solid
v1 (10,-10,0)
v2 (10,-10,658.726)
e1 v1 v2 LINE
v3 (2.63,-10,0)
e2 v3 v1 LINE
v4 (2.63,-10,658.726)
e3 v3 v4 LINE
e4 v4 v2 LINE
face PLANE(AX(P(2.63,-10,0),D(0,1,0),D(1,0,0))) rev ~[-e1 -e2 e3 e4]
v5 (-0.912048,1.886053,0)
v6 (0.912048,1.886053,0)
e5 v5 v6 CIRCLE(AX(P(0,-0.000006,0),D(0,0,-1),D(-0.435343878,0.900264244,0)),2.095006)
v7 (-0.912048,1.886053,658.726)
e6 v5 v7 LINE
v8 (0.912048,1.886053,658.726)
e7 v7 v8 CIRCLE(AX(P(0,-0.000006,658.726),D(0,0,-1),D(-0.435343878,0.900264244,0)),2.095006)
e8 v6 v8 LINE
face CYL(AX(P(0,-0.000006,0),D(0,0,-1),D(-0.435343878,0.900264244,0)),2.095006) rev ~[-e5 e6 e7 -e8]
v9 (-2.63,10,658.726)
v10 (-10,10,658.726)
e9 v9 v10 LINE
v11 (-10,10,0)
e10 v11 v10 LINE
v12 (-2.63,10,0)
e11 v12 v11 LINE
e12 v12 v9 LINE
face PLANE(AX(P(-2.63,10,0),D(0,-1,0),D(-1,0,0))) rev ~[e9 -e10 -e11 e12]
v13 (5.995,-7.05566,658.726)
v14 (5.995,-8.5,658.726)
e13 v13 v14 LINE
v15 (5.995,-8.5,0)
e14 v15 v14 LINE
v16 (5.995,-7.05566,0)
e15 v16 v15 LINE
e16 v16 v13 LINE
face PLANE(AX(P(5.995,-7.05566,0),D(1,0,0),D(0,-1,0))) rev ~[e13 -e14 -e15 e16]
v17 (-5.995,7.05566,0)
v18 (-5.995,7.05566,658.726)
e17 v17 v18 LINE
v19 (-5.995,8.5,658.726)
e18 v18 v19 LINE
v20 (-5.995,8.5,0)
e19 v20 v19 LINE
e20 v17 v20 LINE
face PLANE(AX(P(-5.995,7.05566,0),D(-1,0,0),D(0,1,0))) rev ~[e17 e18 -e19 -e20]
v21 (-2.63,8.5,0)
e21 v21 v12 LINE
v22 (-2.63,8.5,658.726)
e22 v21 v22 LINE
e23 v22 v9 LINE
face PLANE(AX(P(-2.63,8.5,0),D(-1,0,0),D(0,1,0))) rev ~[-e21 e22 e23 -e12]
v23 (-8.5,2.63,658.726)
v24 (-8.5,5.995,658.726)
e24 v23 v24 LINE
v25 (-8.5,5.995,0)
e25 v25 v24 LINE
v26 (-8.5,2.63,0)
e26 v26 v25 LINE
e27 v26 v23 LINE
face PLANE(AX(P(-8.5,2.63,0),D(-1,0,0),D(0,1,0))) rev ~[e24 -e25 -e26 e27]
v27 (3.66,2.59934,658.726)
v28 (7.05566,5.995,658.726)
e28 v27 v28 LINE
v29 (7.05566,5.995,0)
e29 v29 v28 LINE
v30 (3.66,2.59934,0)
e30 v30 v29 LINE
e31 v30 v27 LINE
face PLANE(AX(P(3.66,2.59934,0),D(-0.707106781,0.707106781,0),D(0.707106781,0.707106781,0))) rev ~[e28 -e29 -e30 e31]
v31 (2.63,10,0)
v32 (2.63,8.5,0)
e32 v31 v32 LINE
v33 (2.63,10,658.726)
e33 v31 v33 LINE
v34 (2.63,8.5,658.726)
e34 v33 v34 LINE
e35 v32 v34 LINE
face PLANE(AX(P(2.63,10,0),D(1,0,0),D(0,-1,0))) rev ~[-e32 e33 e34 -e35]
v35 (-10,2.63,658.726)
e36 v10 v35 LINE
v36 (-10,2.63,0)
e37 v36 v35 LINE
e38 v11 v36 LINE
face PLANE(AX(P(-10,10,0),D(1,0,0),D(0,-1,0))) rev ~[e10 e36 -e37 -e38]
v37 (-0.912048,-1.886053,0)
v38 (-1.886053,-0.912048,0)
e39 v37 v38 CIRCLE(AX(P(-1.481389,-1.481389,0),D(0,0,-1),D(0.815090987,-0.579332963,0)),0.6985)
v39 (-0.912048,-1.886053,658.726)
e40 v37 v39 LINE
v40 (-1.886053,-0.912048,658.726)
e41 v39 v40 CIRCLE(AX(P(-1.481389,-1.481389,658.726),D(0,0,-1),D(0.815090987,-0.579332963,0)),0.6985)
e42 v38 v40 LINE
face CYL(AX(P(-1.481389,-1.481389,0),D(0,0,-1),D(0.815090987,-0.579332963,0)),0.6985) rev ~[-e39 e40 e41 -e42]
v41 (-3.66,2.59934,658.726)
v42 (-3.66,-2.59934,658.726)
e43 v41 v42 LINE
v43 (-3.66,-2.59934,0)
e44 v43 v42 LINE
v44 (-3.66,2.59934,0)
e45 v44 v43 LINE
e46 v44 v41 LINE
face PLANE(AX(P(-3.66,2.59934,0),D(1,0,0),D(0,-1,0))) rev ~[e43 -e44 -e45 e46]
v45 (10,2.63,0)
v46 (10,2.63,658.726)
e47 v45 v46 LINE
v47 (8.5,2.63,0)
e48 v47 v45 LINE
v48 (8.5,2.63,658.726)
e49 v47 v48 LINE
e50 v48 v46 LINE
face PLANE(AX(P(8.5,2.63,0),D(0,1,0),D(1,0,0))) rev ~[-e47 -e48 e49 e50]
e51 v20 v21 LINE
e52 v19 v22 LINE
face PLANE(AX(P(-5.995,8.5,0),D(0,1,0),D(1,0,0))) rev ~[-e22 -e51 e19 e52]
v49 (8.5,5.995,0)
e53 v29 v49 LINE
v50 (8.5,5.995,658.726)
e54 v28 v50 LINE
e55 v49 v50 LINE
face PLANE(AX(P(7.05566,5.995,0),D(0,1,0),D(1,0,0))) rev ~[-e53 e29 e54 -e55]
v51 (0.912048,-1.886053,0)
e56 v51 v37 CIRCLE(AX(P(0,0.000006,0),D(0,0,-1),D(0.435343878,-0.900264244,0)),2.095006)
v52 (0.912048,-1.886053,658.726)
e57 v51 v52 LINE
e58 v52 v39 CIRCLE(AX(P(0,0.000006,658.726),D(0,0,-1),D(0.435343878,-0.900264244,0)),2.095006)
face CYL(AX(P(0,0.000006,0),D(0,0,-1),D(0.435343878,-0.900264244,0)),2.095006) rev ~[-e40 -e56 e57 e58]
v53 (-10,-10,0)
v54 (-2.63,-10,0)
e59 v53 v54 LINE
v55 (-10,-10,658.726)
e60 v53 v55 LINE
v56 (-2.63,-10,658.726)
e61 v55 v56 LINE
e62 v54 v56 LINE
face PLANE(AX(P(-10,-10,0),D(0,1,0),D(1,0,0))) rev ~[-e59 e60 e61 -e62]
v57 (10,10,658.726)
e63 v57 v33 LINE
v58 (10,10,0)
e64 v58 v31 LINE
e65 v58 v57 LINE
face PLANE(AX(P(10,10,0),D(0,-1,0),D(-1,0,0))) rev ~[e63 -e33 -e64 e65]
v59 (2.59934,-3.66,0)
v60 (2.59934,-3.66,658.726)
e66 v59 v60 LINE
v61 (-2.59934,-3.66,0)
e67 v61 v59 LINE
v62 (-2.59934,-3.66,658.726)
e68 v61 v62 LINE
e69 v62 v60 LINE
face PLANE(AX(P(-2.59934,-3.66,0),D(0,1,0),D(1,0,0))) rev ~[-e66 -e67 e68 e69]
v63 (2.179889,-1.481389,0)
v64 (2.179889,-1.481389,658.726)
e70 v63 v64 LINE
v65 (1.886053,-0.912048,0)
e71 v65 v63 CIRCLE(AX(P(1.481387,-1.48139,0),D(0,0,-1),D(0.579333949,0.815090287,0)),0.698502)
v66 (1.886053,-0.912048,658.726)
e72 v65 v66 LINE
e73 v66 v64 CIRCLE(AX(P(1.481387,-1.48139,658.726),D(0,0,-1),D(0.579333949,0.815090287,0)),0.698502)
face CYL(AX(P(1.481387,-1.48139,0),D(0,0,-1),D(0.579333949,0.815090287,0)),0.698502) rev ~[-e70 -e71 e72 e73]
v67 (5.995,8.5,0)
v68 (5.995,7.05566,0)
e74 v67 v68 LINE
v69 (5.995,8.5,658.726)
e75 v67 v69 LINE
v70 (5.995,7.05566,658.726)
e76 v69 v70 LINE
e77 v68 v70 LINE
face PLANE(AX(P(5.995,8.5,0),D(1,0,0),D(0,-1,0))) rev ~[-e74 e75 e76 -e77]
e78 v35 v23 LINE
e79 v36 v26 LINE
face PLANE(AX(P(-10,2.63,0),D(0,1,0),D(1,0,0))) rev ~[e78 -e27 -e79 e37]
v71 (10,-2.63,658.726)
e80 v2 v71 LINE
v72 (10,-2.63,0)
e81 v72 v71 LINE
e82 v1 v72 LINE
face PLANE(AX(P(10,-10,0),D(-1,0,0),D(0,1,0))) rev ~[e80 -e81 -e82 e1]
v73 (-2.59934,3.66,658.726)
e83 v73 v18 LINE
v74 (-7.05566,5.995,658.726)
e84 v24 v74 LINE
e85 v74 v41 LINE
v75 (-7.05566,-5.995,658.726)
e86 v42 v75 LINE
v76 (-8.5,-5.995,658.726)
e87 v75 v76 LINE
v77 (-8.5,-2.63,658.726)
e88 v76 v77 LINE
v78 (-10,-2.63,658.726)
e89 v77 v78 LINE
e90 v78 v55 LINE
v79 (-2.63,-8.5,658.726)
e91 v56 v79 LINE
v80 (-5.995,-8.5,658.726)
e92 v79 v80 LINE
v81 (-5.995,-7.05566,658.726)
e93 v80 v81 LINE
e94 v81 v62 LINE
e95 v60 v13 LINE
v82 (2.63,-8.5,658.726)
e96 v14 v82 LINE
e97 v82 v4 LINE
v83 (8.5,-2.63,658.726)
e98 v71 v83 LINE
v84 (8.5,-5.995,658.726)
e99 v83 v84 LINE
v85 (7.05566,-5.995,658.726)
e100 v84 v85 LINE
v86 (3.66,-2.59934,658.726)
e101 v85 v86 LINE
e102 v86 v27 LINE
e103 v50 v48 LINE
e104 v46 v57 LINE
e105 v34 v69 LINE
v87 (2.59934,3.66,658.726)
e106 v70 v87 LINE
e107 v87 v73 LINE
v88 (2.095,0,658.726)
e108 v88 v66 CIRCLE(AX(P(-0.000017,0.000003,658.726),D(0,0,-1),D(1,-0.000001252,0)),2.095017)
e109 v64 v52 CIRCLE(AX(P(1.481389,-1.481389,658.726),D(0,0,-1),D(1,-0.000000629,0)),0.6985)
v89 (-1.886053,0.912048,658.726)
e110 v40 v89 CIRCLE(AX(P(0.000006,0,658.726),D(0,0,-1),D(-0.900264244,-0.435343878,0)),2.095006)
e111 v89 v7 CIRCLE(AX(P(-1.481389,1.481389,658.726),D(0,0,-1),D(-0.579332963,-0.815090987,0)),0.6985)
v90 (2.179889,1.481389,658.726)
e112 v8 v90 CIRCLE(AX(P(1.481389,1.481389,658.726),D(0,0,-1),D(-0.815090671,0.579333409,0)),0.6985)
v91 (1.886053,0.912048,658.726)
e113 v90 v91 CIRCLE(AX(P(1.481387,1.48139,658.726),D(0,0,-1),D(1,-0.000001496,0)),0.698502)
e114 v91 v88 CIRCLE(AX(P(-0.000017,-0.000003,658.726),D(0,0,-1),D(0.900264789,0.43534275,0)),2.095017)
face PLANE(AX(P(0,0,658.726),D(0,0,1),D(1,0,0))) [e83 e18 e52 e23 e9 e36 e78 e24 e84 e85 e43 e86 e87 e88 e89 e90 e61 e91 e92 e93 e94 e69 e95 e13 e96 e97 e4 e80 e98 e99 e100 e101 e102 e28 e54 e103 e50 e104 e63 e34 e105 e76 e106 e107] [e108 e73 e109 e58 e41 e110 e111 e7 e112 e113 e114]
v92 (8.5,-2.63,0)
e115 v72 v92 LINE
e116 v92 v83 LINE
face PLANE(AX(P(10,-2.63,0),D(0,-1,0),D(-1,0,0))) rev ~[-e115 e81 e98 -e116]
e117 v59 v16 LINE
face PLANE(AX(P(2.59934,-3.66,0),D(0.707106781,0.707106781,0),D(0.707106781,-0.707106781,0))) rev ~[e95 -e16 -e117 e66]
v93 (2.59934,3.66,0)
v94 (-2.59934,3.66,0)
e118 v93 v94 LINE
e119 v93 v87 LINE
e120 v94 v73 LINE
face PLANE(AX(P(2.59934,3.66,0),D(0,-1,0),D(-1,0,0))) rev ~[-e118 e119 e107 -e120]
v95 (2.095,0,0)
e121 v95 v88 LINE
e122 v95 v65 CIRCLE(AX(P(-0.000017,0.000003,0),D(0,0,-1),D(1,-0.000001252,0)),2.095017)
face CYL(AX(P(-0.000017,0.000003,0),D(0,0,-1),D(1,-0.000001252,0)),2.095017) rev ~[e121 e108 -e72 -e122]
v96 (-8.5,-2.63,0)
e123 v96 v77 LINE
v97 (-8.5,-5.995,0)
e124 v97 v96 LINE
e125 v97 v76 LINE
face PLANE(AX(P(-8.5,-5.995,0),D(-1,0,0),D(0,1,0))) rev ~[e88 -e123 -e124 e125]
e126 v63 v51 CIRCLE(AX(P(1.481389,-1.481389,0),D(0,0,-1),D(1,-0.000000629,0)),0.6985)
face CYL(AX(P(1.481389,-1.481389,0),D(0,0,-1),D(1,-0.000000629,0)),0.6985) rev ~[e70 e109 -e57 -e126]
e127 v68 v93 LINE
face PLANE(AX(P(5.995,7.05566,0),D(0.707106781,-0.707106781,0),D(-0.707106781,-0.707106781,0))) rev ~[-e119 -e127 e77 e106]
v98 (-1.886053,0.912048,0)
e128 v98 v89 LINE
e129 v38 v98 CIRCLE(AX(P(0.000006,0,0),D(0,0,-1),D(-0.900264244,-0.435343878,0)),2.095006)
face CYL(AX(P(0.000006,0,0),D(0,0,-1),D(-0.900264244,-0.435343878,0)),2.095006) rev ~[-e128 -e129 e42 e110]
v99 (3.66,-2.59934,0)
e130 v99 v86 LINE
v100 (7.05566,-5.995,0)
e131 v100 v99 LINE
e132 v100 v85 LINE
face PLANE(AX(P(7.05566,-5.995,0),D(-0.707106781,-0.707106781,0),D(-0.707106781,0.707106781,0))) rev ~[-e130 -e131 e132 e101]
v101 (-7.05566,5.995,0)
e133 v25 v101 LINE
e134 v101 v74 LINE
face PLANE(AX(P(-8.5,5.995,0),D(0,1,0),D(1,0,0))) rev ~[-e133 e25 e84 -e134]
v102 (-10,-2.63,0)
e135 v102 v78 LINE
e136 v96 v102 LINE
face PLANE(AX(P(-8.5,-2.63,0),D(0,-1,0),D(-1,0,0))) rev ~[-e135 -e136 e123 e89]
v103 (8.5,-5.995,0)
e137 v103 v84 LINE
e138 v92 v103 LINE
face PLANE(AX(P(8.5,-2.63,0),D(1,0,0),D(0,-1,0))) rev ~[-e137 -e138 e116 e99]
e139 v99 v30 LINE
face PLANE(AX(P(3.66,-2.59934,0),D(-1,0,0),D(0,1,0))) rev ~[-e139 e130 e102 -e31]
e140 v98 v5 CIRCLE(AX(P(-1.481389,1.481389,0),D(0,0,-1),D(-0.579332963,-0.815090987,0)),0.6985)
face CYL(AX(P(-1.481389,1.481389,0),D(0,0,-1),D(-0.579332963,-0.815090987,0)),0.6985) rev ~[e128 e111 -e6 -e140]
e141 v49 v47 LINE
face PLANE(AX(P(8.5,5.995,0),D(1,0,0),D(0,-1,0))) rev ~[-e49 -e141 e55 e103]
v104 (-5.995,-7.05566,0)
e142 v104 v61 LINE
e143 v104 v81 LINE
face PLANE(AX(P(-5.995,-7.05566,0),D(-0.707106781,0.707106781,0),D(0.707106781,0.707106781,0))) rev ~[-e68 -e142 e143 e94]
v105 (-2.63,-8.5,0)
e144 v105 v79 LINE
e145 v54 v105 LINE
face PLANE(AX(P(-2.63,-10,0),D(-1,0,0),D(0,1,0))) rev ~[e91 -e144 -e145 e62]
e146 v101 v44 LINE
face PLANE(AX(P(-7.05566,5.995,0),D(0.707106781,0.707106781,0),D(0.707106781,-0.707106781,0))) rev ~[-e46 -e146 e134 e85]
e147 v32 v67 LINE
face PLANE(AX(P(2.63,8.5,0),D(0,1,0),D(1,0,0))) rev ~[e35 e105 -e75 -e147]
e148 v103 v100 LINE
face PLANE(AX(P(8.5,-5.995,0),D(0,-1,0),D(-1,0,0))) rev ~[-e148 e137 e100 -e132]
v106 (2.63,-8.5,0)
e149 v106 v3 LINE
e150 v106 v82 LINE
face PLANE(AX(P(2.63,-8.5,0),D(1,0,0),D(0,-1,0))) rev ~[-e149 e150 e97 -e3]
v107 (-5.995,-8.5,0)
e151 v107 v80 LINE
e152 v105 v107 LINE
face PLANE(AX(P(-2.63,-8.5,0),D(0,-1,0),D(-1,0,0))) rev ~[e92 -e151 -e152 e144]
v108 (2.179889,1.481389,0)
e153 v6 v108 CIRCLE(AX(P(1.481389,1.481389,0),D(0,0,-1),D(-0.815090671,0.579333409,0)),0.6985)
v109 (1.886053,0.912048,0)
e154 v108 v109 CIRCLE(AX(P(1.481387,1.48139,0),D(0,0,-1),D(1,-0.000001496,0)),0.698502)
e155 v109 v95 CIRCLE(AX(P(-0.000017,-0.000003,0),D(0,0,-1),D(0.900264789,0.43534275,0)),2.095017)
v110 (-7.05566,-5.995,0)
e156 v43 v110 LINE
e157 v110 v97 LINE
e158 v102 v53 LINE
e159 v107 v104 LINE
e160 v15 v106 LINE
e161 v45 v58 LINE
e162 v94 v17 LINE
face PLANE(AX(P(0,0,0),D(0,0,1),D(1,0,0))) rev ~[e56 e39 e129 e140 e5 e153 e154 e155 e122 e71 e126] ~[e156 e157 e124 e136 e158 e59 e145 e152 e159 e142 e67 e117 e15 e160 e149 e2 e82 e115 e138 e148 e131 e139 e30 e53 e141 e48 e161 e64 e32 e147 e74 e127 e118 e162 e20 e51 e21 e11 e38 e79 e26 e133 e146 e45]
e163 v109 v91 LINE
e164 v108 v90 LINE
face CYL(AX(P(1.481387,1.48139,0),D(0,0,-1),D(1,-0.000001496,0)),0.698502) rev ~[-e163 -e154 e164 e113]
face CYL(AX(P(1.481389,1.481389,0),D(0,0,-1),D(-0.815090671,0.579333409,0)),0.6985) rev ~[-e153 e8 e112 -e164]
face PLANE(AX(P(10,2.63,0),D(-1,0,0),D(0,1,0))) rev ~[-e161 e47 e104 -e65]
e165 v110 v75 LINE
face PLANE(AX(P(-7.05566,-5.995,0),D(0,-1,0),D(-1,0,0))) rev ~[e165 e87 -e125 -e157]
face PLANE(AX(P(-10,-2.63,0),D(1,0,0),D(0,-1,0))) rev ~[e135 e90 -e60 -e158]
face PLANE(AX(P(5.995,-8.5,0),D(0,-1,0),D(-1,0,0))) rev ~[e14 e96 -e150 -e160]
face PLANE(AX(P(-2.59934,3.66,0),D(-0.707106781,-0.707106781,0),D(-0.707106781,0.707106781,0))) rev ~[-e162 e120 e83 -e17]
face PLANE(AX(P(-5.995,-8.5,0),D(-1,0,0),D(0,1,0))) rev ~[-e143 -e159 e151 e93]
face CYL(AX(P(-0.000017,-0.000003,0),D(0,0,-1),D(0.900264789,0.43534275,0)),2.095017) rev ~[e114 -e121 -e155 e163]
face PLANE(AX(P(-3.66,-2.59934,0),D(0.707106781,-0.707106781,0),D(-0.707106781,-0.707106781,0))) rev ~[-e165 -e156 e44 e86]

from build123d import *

# Parameters (mm, degrees)
F1_DEPTH = 658.726


with BuildPart() as f1:
    # F0 (on Top) → F1 (new body)
    with BuildSketch(Plane.XY):
        Polygon((10, 2.63), (10, 10), (2.63, 10), (2.63, 8.5), (5.995, 8.5), (5.995, 7.05566), (2.59934, 3.66), (-2.59934, 3.66), (-5.995, 7.05566), (-5.995, 8.5), (-2.63, 8.5), (-2.63, 10), (-10, 10), (-10, 2.63), (-8.5, 2.63), (-8.5, 5.995), (-7.05566, 5.995), (-3.66, 2.59934), (-3.66, -2.59934), (-7.05566, -5.995), (-8.5, -5.995), (-8.5, -2.63), (-10, -2.63), (-10, -10), (-2.63, -10), (-2.63, -8.5), (-5.995, -8.5), (-5.995, -7.05566), (-2.59934, -3.66), (2.59934, -3.66), (5.995, -7.05566), (5.995, -8.5), (2.63, -8.5), (2.63, -10), (10, -10), (10, -2.63), (8.5, -2.63), (8.5, -5.995), (7.05566, -5.995), (3.66, -2.59934), (3.66, 2.59934), (7.05566, 5.995), (8.5, 5.995), (8.5, 2.63), align=None)
        with BuildLine():
            ThreePointArc((1.886053, 0.912048), (2.042095, 0.467838), (2.095, 0))
            ThreePointArc((2.095, 0), (2.042095, -0.467838), (1.886053, -0.912048))
            ThreePointArc((1.886053, -0.912048), (2.102098, -1.161042), (2.179889, -1.481389))
            ThreePointArc((2.179889, -1.481389), (1.693777, -2.146816), (0.912048, -1.886053))
            ThreePointArc((0.912048, -1.886053), (0, -2.095), (-0.912048, -1.886053))
            ThreePointArc((-0.912048, -1.886053), (-1.975303, -1.975303), (-1.886053, -0.912048))
            ThreePointArc((-1.886053, -0.912048), (-2.095, 0), (-1.886053, 0.912048))
            ThreePointArc((-1.886053, 0.912048), (-1.975303, 1.975303), (-0.912048, 1.886053))
            ThreePointArc((-0.912048, 1.886053), (0, 2.095), (0.912048, 1.886053))
            ThreePointArc((0.912048, 1.886053), (1.693777, 2.146816), (2.179889, 1.481389))
            ThreePointArc((2.179889, 1.481389), (2.102098, 1.161042), (1.886053, 0.912048))
        make_face(mode=Mode.SUBTRACT)
    extrude(amount=F1_DEPTH)


solid = f1.part
